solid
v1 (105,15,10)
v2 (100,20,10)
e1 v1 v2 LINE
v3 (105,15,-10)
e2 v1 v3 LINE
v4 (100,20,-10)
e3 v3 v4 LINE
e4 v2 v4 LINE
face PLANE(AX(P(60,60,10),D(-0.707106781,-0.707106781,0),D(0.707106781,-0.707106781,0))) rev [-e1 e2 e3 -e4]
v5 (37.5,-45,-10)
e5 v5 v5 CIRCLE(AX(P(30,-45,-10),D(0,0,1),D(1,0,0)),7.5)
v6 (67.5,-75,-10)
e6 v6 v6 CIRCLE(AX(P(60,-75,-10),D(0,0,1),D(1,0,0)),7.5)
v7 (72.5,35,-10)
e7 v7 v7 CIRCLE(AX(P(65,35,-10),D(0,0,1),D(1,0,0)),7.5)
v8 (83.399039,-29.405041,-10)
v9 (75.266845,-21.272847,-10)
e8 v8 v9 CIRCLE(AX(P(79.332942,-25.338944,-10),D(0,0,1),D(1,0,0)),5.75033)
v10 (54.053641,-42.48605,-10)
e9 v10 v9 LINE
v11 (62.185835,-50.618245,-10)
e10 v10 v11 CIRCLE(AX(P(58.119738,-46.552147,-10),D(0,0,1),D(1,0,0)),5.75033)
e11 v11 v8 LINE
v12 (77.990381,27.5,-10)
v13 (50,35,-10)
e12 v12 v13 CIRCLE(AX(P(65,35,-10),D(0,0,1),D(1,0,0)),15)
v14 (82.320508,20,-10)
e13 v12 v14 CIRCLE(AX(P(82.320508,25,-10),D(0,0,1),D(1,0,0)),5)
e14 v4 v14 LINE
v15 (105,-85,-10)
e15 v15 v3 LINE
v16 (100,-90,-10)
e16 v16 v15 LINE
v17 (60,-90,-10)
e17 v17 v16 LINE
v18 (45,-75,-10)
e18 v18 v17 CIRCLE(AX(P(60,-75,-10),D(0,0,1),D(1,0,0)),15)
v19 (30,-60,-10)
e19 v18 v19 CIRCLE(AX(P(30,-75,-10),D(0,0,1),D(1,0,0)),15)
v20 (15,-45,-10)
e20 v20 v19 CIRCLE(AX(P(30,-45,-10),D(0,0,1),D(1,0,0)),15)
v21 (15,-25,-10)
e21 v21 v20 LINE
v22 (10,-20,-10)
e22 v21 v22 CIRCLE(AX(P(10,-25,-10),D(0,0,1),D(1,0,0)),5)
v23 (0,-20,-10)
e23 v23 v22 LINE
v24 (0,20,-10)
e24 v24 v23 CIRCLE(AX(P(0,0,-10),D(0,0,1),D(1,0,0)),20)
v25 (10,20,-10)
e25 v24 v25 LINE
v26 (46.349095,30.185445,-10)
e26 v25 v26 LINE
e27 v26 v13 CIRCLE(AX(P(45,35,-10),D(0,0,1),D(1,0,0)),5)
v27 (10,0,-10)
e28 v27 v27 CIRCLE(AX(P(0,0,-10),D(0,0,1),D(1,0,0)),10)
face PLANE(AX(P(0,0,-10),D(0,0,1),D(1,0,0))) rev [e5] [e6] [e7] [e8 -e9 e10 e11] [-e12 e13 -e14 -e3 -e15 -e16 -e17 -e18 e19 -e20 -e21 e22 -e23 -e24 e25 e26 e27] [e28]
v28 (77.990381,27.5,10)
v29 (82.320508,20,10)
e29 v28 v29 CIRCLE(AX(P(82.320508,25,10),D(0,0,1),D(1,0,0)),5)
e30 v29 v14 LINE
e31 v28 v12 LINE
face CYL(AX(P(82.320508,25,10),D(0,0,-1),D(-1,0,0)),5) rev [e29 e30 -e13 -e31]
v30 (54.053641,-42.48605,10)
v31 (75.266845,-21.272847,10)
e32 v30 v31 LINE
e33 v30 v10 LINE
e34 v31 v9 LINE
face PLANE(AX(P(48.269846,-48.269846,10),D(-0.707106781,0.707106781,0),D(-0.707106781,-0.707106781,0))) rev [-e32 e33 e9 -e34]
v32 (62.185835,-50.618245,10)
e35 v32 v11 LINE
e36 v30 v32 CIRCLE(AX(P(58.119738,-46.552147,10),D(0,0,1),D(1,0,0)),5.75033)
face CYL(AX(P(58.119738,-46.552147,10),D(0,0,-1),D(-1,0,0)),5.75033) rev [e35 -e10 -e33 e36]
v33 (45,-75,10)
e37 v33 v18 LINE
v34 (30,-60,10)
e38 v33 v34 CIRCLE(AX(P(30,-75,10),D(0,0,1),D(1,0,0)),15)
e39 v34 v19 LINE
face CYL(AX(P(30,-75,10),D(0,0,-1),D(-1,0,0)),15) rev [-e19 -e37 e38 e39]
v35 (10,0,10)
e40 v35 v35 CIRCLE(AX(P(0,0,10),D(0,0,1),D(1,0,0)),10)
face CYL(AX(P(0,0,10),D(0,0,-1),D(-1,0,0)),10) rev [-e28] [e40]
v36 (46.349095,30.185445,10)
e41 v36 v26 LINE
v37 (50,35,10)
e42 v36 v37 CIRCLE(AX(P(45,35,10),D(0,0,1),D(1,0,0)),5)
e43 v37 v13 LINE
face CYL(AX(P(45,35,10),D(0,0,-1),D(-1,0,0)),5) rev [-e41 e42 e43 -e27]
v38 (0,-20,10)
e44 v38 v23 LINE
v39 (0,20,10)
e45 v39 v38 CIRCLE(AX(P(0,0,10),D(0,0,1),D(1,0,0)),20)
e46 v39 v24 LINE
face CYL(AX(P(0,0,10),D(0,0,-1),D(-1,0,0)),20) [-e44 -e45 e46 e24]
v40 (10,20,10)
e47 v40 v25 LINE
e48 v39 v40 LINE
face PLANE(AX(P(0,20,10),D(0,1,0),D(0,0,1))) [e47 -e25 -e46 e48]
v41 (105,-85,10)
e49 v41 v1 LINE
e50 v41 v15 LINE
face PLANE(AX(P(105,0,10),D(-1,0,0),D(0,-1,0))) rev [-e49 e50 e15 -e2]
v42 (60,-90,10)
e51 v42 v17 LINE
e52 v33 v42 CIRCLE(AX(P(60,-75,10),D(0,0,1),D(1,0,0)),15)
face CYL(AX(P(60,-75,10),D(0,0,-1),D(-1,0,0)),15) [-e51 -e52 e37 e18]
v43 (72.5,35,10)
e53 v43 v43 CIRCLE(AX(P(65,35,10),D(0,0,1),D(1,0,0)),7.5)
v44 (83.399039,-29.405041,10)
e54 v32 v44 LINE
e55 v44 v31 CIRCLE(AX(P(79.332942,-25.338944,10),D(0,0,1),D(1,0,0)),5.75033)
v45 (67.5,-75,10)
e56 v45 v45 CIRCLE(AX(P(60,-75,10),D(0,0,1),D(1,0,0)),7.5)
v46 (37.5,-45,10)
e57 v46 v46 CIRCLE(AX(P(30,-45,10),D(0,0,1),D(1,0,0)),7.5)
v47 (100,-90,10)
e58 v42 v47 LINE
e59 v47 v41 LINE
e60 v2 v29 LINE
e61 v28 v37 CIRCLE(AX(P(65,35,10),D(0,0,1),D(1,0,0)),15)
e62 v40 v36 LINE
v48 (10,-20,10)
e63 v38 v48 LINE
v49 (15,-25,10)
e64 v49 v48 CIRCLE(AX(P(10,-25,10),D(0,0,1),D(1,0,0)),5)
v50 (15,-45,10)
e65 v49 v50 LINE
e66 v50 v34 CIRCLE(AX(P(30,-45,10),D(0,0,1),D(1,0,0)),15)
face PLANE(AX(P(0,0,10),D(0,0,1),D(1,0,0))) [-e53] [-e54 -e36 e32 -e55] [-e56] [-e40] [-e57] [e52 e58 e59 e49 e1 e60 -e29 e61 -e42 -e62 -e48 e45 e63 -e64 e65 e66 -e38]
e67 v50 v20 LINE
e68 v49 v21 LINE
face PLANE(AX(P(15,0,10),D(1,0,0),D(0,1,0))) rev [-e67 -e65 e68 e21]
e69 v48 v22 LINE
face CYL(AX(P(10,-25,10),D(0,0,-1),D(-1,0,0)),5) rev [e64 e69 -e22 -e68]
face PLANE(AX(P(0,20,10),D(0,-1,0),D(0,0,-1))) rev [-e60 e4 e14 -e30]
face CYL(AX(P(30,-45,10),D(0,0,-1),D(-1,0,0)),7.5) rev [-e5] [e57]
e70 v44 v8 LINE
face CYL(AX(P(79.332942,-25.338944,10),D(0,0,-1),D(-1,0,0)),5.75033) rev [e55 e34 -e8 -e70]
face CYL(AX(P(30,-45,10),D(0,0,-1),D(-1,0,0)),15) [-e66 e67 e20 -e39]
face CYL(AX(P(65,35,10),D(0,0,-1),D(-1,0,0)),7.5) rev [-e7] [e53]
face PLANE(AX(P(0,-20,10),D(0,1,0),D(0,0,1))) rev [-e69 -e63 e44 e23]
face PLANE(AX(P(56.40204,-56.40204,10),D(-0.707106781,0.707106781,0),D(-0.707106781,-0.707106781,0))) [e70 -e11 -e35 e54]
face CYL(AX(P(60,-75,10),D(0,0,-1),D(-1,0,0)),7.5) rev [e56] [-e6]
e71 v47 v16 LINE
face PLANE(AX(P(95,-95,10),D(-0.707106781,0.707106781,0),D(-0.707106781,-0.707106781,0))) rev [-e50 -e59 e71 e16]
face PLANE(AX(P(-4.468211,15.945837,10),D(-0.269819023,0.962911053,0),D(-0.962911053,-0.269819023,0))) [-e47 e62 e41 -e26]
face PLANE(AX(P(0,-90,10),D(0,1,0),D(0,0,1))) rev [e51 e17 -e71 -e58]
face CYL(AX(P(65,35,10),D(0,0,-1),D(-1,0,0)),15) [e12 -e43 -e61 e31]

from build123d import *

# Parameters (mm, degrees)
SKETCH1_R           = 7.5
SKETCH1_R_2         = 10
BOSS_EXTRUDE1_DEPTH = 10


with BuildPart() as part:
    # Sketch1 → Boss-Extrude1 (new, symmetric)
    with BuildSketch(Plane.XY):
        with BuildLine():
            ThreePointArc((0, 20), (-20, 0), (0, -20))
            Line((0, -20), (10, -20))
            ThreePointArc((10, -20), (13.535533906, -21.464466094), (15, -25))
            Line((15, -25), (15, -45))
            ThreePointArc((15, -45), (19.393398282, -55.606601718), (30, -60))
            ThreePointArc((30, -60), (40.606601718, -64.393398282), (45, -75))
            ThreePointArc((45, -75), (49.393398282, -85.606601718), (60, -90))
            Line((60, -90), (100, -90))
            Line((100, -90), (105, -85))
            Line((105, -85), (105, 15))
            Line((105, 15), (100, 20))
            Line((100, 20), (82.320508076, 20))
            ThreePointArc((82.320508076, 20), (77.990381057, 22.5), (77.990381057, 27.5))
            ThreePointArc((77.990381057, 27.5), (68.882285677, 49.488887394), (50, 35))
            ThreePointArc((50, 35), (48.984060464, 31.978864085), (46.349095113, 30.185444737))
            Line((46.349095113, 30.185444737), (10, 20))
            Line((10, 20), (0, 20))
        make_face()
        with Locations((30, -45)):
            Circle(SKETCH1_R, mode=Mode.SUBTRACT)
        with Locations((60, -75)):
            Circle(SKETCH1_R, mode=Mode.SUBTRACT)
        with BuildLine():
            ThreePointArc((62.185835481, -50.618244574), (54.053641254, -50.618244574), (54.053641254, -42.486050347))
            Line((54.053641254, -42.486050347), (75.26684469, -21.272846911))
            ThreePointArc((75.26684469, -21.272846911), (83.399038917, -21.272846911), (83.399038917, -29.405041138))
            Line((83.399038917, -29.405041138), (62.185835481, -50.618244574))
        make_face(mode=Mode.SUBTRACT)
        Circle(SKETCH1_R_2, mode=Mode.SUBTRACT)
        with Locations((65, 35)):
            Circle(SKETCH1_R, mode=Mode.SUBTRACT)
    extrude(amount=BOSS_EXTRUDE1_DEPTH, both=True)


solid = part.part
